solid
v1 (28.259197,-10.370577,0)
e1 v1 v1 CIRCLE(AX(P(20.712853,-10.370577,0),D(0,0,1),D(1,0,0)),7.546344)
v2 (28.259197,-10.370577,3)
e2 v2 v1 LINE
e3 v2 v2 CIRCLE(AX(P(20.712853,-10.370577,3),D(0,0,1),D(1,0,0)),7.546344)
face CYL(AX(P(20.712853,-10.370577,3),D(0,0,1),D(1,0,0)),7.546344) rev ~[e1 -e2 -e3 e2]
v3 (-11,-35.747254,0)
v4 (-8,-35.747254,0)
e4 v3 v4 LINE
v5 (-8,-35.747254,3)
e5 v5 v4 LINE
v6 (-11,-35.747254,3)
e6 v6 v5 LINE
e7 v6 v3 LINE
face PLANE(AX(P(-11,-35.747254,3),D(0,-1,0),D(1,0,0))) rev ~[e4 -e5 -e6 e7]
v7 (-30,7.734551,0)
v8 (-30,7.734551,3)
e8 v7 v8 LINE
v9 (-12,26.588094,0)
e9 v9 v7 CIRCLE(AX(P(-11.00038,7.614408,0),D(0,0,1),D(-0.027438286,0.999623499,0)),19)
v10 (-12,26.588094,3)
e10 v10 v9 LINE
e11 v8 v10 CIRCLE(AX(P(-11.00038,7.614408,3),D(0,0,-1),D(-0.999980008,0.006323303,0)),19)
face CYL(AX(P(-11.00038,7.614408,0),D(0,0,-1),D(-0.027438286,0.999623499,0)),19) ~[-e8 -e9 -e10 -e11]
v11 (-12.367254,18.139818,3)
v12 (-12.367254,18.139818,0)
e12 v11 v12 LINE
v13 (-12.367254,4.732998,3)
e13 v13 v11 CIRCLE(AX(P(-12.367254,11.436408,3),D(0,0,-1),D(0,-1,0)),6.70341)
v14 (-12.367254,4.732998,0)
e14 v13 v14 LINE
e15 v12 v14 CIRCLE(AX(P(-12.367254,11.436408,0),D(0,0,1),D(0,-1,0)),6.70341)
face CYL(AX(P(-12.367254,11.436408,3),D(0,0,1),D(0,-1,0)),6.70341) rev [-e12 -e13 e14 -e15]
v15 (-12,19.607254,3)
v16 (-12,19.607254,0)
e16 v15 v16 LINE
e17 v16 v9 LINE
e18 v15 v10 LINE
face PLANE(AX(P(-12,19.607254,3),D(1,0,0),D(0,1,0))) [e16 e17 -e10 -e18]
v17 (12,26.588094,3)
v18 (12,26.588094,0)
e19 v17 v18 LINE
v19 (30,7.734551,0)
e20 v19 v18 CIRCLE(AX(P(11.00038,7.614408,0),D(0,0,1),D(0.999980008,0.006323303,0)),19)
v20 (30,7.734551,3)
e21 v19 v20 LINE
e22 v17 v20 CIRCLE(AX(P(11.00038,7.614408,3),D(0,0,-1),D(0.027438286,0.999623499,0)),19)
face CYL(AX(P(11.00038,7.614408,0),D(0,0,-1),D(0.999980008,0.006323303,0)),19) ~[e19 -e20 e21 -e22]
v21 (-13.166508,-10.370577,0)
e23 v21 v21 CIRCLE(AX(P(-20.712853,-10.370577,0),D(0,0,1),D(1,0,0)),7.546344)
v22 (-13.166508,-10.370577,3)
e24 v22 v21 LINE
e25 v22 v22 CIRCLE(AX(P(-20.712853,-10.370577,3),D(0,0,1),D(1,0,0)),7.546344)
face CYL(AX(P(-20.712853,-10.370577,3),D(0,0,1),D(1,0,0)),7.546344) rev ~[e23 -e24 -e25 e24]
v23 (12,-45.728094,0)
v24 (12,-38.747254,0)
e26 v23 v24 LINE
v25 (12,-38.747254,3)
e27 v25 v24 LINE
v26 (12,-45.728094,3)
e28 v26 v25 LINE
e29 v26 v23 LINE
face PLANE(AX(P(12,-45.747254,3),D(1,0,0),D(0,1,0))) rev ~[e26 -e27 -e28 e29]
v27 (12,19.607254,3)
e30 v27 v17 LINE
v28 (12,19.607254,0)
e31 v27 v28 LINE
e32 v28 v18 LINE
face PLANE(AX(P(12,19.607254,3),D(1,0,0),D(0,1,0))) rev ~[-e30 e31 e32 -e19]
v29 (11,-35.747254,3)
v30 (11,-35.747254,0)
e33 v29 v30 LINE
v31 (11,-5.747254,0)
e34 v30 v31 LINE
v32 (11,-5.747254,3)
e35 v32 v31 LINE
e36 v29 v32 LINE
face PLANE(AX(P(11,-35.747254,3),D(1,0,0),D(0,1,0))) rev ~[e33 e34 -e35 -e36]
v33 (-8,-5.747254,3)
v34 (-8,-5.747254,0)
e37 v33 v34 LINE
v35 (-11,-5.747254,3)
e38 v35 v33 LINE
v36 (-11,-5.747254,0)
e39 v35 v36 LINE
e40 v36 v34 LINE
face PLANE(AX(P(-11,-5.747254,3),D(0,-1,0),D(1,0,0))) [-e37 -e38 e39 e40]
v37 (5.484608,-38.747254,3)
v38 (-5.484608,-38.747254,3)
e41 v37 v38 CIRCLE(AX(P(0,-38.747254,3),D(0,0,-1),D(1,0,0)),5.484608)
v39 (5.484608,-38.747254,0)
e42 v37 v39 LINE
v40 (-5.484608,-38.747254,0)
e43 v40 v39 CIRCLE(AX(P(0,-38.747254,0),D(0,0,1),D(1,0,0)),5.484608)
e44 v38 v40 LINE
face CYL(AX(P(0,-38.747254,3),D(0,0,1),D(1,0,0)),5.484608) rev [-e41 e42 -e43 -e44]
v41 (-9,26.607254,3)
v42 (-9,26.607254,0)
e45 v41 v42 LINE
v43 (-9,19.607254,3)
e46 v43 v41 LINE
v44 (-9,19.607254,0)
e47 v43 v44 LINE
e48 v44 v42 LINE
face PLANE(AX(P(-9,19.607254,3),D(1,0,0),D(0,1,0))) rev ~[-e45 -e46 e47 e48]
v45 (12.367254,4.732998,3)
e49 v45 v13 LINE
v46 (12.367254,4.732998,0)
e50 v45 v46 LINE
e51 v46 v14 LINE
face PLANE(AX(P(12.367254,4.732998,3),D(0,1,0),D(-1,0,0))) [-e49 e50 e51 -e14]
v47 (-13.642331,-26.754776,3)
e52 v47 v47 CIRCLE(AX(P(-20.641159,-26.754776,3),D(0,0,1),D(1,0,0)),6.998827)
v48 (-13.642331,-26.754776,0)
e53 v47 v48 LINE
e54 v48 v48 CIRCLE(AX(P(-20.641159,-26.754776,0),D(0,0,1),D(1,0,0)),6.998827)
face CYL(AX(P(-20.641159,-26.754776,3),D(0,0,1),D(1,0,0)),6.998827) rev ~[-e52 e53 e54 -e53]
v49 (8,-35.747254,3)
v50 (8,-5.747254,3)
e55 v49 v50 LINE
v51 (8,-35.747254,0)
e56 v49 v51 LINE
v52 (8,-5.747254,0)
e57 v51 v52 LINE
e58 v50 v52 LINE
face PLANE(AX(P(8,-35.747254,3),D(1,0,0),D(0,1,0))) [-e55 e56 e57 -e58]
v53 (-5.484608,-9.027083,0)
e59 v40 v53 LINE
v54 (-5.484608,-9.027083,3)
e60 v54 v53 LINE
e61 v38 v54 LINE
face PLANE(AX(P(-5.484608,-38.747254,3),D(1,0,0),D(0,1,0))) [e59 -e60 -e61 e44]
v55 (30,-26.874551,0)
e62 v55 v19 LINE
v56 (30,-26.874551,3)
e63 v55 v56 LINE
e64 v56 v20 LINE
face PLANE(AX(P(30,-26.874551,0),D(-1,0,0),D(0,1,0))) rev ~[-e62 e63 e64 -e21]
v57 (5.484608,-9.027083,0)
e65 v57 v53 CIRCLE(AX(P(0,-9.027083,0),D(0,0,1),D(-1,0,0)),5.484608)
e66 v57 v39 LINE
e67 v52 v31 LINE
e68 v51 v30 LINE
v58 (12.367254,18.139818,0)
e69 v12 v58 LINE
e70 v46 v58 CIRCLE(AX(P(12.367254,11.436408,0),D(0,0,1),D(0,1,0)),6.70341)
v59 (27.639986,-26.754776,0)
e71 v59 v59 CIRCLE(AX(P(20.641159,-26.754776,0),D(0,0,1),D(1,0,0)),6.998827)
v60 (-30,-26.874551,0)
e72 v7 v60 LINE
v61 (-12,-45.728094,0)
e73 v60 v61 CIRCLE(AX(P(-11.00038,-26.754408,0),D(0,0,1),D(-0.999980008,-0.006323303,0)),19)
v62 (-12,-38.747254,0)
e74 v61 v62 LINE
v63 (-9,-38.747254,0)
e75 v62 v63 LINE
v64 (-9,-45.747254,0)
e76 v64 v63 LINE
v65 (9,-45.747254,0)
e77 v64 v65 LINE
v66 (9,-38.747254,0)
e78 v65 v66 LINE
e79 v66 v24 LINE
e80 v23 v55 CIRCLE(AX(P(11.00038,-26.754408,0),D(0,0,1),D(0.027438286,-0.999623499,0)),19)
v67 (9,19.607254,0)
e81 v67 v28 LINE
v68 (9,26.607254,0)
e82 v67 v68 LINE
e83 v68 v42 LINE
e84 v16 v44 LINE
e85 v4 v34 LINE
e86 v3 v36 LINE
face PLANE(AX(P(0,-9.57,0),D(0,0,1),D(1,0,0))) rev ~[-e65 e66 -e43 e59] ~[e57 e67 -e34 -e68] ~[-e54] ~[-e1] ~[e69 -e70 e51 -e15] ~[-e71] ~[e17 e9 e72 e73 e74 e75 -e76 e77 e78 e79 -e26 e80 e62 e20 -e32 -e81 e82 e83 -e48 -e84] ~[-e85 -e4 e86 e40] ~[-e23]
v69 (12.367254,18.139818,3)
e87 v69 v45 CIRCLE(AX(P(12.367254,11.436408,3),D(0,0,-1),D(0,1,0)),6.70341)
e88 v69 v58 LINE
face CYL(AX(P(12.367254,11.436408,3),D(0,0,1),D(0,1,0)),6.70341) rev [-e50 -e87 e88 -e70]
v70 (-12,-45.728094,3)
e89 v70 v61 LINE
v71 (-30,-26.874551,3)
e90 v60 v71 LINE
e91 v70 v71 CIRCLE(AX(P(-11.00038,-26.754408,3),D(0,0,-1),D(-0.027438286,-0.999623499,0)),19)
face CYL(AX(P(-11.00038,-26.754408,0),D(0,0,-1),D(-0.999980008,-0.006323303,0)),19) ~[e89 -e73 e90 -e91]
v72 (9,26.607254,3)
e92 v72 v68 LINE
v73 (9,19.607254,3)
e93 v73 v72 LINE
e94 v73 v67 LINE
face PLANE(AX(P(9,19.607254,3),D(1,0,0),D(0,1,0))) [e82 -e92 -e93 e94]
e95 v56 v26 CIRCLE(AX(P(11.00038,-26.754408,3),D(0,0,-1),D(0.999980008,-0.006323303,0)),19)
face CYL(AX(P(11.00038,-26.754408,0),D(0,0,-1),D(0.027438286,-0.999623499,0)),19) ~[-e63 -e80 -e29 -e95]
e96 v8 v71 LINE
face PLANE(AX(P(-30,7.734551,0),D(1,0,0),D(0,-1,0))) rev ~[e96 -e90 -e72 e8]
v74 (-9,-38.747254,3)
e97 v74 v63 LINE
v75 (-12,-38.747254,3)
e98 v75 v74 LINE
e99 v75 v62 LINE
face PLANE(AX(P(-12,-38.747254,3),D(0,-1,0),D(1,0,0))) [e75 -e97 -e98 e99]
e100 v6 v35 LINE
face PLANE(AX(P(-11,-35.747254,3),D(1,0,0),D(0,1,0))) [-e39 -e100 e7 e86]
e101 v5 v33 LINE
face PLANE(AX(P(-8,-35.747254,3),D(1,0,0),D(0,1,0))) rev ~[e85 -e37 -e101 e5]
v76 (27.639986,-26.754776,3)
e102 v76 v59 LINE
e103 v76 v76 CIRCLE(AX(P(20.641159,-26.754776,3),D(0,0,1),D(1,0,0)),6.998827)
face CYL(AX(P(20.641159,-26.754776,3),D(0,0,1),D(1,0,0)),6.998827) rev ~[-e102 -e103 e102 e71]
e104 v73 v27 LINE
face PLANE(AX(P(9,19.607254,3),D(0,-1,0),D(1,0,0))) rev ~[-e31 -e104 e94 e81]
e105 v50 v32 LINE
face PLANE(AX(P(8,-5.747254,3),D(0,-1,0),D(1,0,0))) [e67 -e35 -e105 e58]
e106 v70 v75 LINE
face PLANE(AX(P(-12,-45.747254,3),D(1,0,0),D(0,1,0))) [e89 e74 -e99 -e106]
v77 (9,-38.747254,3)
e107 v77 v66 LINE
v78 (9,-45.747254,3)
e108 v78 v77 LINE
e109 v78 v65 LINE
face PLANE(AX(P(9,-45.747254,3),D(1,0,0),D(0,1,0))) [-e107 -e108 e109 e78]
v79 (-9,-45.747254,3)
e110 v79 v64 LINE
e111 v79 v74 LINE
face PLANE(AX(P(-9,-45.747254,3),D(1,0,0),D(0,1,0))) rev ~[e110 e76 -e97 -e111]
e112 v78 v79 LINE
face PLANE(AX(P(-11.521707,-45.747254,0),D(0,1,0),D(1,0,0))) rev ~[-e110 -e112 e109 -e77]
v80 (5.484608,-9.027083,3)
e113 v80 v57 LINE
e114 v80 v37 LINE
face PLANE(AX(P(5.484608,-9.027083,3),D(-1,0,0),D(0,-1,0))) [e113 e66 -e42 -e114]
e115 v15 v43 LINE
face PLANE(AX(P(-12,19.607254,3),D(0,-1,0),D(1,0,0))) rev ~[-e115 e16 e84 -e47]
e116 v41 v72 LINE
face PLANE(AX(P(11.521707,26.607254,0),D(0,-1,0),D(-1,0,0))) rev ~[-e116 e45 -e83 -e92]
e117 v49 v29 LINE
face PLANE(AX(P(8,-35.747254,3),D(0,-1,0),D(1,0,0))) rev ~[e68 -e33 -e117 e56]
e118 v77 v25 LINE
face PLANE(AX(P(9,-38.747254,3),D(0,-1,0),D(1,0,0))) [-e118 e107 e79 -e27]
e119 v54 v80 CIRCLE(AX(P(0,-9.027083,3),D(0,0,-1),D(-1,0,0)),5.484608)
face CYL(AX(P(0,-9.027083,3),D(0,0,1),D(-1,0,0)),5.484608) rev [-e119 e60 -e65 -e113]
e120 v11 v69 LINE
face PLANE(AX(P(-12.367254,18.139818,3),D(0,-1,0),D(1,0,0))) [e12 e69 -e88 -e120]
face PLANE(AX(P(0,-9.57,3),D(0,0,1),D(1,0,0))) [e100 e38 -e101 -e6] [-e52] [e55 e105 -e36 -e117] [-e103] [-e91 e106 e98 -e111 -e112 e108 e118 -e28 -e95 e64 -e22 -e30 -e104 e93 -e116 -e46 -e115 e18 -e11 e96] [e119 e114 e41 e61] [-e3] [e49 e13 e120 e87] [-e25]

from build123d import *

# Parameters (mm, degrees)
BOSS_EXTRUDE1_DEPTH     = 3
SKETCH2_R               = 7.546344396
SKETCH2_R_2             = 6.998827146
SKETCH2_W               = 3
SKETCH2_H               = 30
SKETCH2_H_2             = 7
CUT_EXTRUDE1_DEPTH      = 1
CUT_EXTRUDE1_DEPTH_BACK = 4


with BuildPart() as part:
    # Sketch1 → Boss-Extrude1 (new body)
    with BuildSketch(Plane.XY):
        with BuildLine():
            Line((-11.521707287, -45.747254375), (11.521707287, -45.747254375))
            ThreePointArc((11.521707287, -45.747254375), (24.576520143, -40.046827338), (30, -26.874550642))
            Line((30, -26.874550642), (30, 7.734550642))
            ThreePointArc((30, 7.734550642), (24.576520143, 20.906827338), (11.521707287, 26.607254375))
            Line((11.521707287, 26.607254375), (-11.521707287, 26.607254375))
            ThreePointArc((-11.521707287, 26.607254375), (-24.576520143, 20.906827338), (-30, 7.734550642))
            Line((-30, 7.734550642), (-30, -26.874550642))
            ThreePointArc((-30, -26.874550642), (-24.576520143, -40.046827338), (-11.521707287, -45.747254375))
        make_face()
    extrude(amount=BOSS_EXTRUDE1_DEPTH)

    # Sketch2 → Cut-Extrude1 (cut, two sides)
    with BuildSketch(Plane.XY.offset(3)) as cut_extrude1_sk:
        with Locations((-20.712852781, -10.370577489)):
            Circle(SKETCH2_R)
        with Locations((-20.641158555, -26.754776444)):
            Circle(SKETCH2_R_2)
        with Locations((20.641158555, -26.754776444)):
            Circle(SKETCH2_R_2)
        with Locations((20.712852781, -10.370577489)):
            Circle(SKETCH2_R)
        with Locations((-9.5, -20.747254375)):
            Rectangle(SKETCH2_W, SKETCH2_H)
        with Locations((9.5, -20.747254375)):
            Rectangle(SKETCH2_W, SKETCH2_H)
        with BuildLine():
            Line((-12.367254006, 18.139818395), (12.367254006, 18.139818395))
            ThreePointArc((12.367254006, 18.139818395), (19.070664148, 11.436408253), (12.367254006, 4.732998111))
            Line((12.367254006, 4.732998111), (-12.367254006, 4.732998111))
            ThreePointArc((-12.367254006, 4.732998111), (-19.070664148, 11.436408253), (-12.367254006, 18.139818395))
        make_face()
        with BuildLine():
            Line((5.484608298, -9.027083299), (5.484608298, -38.747254375))
            ThreePointArc((5.484608298, -38.747254375), (0, -44.231862673), (-5.484608298, -38.747254375))
            Line((-5.484608298, -38.747254375), (-5.484608298, -9.027083299))
            ThreePointArc((-5.484608298, -9.027083299), (0, -3.542475001), (5.484608298, -9.027083299))
        make_face()
        with Locations((10.5, -42.247254375)):
            Rectangle(SKETCH2_W, SKETCH2_H_2)
        with Locations((-10.5, -42.247254375)):
            Rectangle(SKETCH2_W, SKETCH2_H_2)
        with Locations((-10.5, 23.107254375)):
            Rectangle(SKETCH2_W, SKETCH2_H_2)
        with Locations((10.5, 23.107254375)):
            Rectangle(SKETCH2_W, SKETCH2_H_2)
    extrude(amount=CUT_EXTRUDE1_DEPTH, mode=Mode.SUBTRACT)
    extrude(cut_extrude1_sk.sketch, amount=-CUT_EXTRUDE1_DEPTH_BACK, mode=Mode.SUBTRACT)


solid = part.part
